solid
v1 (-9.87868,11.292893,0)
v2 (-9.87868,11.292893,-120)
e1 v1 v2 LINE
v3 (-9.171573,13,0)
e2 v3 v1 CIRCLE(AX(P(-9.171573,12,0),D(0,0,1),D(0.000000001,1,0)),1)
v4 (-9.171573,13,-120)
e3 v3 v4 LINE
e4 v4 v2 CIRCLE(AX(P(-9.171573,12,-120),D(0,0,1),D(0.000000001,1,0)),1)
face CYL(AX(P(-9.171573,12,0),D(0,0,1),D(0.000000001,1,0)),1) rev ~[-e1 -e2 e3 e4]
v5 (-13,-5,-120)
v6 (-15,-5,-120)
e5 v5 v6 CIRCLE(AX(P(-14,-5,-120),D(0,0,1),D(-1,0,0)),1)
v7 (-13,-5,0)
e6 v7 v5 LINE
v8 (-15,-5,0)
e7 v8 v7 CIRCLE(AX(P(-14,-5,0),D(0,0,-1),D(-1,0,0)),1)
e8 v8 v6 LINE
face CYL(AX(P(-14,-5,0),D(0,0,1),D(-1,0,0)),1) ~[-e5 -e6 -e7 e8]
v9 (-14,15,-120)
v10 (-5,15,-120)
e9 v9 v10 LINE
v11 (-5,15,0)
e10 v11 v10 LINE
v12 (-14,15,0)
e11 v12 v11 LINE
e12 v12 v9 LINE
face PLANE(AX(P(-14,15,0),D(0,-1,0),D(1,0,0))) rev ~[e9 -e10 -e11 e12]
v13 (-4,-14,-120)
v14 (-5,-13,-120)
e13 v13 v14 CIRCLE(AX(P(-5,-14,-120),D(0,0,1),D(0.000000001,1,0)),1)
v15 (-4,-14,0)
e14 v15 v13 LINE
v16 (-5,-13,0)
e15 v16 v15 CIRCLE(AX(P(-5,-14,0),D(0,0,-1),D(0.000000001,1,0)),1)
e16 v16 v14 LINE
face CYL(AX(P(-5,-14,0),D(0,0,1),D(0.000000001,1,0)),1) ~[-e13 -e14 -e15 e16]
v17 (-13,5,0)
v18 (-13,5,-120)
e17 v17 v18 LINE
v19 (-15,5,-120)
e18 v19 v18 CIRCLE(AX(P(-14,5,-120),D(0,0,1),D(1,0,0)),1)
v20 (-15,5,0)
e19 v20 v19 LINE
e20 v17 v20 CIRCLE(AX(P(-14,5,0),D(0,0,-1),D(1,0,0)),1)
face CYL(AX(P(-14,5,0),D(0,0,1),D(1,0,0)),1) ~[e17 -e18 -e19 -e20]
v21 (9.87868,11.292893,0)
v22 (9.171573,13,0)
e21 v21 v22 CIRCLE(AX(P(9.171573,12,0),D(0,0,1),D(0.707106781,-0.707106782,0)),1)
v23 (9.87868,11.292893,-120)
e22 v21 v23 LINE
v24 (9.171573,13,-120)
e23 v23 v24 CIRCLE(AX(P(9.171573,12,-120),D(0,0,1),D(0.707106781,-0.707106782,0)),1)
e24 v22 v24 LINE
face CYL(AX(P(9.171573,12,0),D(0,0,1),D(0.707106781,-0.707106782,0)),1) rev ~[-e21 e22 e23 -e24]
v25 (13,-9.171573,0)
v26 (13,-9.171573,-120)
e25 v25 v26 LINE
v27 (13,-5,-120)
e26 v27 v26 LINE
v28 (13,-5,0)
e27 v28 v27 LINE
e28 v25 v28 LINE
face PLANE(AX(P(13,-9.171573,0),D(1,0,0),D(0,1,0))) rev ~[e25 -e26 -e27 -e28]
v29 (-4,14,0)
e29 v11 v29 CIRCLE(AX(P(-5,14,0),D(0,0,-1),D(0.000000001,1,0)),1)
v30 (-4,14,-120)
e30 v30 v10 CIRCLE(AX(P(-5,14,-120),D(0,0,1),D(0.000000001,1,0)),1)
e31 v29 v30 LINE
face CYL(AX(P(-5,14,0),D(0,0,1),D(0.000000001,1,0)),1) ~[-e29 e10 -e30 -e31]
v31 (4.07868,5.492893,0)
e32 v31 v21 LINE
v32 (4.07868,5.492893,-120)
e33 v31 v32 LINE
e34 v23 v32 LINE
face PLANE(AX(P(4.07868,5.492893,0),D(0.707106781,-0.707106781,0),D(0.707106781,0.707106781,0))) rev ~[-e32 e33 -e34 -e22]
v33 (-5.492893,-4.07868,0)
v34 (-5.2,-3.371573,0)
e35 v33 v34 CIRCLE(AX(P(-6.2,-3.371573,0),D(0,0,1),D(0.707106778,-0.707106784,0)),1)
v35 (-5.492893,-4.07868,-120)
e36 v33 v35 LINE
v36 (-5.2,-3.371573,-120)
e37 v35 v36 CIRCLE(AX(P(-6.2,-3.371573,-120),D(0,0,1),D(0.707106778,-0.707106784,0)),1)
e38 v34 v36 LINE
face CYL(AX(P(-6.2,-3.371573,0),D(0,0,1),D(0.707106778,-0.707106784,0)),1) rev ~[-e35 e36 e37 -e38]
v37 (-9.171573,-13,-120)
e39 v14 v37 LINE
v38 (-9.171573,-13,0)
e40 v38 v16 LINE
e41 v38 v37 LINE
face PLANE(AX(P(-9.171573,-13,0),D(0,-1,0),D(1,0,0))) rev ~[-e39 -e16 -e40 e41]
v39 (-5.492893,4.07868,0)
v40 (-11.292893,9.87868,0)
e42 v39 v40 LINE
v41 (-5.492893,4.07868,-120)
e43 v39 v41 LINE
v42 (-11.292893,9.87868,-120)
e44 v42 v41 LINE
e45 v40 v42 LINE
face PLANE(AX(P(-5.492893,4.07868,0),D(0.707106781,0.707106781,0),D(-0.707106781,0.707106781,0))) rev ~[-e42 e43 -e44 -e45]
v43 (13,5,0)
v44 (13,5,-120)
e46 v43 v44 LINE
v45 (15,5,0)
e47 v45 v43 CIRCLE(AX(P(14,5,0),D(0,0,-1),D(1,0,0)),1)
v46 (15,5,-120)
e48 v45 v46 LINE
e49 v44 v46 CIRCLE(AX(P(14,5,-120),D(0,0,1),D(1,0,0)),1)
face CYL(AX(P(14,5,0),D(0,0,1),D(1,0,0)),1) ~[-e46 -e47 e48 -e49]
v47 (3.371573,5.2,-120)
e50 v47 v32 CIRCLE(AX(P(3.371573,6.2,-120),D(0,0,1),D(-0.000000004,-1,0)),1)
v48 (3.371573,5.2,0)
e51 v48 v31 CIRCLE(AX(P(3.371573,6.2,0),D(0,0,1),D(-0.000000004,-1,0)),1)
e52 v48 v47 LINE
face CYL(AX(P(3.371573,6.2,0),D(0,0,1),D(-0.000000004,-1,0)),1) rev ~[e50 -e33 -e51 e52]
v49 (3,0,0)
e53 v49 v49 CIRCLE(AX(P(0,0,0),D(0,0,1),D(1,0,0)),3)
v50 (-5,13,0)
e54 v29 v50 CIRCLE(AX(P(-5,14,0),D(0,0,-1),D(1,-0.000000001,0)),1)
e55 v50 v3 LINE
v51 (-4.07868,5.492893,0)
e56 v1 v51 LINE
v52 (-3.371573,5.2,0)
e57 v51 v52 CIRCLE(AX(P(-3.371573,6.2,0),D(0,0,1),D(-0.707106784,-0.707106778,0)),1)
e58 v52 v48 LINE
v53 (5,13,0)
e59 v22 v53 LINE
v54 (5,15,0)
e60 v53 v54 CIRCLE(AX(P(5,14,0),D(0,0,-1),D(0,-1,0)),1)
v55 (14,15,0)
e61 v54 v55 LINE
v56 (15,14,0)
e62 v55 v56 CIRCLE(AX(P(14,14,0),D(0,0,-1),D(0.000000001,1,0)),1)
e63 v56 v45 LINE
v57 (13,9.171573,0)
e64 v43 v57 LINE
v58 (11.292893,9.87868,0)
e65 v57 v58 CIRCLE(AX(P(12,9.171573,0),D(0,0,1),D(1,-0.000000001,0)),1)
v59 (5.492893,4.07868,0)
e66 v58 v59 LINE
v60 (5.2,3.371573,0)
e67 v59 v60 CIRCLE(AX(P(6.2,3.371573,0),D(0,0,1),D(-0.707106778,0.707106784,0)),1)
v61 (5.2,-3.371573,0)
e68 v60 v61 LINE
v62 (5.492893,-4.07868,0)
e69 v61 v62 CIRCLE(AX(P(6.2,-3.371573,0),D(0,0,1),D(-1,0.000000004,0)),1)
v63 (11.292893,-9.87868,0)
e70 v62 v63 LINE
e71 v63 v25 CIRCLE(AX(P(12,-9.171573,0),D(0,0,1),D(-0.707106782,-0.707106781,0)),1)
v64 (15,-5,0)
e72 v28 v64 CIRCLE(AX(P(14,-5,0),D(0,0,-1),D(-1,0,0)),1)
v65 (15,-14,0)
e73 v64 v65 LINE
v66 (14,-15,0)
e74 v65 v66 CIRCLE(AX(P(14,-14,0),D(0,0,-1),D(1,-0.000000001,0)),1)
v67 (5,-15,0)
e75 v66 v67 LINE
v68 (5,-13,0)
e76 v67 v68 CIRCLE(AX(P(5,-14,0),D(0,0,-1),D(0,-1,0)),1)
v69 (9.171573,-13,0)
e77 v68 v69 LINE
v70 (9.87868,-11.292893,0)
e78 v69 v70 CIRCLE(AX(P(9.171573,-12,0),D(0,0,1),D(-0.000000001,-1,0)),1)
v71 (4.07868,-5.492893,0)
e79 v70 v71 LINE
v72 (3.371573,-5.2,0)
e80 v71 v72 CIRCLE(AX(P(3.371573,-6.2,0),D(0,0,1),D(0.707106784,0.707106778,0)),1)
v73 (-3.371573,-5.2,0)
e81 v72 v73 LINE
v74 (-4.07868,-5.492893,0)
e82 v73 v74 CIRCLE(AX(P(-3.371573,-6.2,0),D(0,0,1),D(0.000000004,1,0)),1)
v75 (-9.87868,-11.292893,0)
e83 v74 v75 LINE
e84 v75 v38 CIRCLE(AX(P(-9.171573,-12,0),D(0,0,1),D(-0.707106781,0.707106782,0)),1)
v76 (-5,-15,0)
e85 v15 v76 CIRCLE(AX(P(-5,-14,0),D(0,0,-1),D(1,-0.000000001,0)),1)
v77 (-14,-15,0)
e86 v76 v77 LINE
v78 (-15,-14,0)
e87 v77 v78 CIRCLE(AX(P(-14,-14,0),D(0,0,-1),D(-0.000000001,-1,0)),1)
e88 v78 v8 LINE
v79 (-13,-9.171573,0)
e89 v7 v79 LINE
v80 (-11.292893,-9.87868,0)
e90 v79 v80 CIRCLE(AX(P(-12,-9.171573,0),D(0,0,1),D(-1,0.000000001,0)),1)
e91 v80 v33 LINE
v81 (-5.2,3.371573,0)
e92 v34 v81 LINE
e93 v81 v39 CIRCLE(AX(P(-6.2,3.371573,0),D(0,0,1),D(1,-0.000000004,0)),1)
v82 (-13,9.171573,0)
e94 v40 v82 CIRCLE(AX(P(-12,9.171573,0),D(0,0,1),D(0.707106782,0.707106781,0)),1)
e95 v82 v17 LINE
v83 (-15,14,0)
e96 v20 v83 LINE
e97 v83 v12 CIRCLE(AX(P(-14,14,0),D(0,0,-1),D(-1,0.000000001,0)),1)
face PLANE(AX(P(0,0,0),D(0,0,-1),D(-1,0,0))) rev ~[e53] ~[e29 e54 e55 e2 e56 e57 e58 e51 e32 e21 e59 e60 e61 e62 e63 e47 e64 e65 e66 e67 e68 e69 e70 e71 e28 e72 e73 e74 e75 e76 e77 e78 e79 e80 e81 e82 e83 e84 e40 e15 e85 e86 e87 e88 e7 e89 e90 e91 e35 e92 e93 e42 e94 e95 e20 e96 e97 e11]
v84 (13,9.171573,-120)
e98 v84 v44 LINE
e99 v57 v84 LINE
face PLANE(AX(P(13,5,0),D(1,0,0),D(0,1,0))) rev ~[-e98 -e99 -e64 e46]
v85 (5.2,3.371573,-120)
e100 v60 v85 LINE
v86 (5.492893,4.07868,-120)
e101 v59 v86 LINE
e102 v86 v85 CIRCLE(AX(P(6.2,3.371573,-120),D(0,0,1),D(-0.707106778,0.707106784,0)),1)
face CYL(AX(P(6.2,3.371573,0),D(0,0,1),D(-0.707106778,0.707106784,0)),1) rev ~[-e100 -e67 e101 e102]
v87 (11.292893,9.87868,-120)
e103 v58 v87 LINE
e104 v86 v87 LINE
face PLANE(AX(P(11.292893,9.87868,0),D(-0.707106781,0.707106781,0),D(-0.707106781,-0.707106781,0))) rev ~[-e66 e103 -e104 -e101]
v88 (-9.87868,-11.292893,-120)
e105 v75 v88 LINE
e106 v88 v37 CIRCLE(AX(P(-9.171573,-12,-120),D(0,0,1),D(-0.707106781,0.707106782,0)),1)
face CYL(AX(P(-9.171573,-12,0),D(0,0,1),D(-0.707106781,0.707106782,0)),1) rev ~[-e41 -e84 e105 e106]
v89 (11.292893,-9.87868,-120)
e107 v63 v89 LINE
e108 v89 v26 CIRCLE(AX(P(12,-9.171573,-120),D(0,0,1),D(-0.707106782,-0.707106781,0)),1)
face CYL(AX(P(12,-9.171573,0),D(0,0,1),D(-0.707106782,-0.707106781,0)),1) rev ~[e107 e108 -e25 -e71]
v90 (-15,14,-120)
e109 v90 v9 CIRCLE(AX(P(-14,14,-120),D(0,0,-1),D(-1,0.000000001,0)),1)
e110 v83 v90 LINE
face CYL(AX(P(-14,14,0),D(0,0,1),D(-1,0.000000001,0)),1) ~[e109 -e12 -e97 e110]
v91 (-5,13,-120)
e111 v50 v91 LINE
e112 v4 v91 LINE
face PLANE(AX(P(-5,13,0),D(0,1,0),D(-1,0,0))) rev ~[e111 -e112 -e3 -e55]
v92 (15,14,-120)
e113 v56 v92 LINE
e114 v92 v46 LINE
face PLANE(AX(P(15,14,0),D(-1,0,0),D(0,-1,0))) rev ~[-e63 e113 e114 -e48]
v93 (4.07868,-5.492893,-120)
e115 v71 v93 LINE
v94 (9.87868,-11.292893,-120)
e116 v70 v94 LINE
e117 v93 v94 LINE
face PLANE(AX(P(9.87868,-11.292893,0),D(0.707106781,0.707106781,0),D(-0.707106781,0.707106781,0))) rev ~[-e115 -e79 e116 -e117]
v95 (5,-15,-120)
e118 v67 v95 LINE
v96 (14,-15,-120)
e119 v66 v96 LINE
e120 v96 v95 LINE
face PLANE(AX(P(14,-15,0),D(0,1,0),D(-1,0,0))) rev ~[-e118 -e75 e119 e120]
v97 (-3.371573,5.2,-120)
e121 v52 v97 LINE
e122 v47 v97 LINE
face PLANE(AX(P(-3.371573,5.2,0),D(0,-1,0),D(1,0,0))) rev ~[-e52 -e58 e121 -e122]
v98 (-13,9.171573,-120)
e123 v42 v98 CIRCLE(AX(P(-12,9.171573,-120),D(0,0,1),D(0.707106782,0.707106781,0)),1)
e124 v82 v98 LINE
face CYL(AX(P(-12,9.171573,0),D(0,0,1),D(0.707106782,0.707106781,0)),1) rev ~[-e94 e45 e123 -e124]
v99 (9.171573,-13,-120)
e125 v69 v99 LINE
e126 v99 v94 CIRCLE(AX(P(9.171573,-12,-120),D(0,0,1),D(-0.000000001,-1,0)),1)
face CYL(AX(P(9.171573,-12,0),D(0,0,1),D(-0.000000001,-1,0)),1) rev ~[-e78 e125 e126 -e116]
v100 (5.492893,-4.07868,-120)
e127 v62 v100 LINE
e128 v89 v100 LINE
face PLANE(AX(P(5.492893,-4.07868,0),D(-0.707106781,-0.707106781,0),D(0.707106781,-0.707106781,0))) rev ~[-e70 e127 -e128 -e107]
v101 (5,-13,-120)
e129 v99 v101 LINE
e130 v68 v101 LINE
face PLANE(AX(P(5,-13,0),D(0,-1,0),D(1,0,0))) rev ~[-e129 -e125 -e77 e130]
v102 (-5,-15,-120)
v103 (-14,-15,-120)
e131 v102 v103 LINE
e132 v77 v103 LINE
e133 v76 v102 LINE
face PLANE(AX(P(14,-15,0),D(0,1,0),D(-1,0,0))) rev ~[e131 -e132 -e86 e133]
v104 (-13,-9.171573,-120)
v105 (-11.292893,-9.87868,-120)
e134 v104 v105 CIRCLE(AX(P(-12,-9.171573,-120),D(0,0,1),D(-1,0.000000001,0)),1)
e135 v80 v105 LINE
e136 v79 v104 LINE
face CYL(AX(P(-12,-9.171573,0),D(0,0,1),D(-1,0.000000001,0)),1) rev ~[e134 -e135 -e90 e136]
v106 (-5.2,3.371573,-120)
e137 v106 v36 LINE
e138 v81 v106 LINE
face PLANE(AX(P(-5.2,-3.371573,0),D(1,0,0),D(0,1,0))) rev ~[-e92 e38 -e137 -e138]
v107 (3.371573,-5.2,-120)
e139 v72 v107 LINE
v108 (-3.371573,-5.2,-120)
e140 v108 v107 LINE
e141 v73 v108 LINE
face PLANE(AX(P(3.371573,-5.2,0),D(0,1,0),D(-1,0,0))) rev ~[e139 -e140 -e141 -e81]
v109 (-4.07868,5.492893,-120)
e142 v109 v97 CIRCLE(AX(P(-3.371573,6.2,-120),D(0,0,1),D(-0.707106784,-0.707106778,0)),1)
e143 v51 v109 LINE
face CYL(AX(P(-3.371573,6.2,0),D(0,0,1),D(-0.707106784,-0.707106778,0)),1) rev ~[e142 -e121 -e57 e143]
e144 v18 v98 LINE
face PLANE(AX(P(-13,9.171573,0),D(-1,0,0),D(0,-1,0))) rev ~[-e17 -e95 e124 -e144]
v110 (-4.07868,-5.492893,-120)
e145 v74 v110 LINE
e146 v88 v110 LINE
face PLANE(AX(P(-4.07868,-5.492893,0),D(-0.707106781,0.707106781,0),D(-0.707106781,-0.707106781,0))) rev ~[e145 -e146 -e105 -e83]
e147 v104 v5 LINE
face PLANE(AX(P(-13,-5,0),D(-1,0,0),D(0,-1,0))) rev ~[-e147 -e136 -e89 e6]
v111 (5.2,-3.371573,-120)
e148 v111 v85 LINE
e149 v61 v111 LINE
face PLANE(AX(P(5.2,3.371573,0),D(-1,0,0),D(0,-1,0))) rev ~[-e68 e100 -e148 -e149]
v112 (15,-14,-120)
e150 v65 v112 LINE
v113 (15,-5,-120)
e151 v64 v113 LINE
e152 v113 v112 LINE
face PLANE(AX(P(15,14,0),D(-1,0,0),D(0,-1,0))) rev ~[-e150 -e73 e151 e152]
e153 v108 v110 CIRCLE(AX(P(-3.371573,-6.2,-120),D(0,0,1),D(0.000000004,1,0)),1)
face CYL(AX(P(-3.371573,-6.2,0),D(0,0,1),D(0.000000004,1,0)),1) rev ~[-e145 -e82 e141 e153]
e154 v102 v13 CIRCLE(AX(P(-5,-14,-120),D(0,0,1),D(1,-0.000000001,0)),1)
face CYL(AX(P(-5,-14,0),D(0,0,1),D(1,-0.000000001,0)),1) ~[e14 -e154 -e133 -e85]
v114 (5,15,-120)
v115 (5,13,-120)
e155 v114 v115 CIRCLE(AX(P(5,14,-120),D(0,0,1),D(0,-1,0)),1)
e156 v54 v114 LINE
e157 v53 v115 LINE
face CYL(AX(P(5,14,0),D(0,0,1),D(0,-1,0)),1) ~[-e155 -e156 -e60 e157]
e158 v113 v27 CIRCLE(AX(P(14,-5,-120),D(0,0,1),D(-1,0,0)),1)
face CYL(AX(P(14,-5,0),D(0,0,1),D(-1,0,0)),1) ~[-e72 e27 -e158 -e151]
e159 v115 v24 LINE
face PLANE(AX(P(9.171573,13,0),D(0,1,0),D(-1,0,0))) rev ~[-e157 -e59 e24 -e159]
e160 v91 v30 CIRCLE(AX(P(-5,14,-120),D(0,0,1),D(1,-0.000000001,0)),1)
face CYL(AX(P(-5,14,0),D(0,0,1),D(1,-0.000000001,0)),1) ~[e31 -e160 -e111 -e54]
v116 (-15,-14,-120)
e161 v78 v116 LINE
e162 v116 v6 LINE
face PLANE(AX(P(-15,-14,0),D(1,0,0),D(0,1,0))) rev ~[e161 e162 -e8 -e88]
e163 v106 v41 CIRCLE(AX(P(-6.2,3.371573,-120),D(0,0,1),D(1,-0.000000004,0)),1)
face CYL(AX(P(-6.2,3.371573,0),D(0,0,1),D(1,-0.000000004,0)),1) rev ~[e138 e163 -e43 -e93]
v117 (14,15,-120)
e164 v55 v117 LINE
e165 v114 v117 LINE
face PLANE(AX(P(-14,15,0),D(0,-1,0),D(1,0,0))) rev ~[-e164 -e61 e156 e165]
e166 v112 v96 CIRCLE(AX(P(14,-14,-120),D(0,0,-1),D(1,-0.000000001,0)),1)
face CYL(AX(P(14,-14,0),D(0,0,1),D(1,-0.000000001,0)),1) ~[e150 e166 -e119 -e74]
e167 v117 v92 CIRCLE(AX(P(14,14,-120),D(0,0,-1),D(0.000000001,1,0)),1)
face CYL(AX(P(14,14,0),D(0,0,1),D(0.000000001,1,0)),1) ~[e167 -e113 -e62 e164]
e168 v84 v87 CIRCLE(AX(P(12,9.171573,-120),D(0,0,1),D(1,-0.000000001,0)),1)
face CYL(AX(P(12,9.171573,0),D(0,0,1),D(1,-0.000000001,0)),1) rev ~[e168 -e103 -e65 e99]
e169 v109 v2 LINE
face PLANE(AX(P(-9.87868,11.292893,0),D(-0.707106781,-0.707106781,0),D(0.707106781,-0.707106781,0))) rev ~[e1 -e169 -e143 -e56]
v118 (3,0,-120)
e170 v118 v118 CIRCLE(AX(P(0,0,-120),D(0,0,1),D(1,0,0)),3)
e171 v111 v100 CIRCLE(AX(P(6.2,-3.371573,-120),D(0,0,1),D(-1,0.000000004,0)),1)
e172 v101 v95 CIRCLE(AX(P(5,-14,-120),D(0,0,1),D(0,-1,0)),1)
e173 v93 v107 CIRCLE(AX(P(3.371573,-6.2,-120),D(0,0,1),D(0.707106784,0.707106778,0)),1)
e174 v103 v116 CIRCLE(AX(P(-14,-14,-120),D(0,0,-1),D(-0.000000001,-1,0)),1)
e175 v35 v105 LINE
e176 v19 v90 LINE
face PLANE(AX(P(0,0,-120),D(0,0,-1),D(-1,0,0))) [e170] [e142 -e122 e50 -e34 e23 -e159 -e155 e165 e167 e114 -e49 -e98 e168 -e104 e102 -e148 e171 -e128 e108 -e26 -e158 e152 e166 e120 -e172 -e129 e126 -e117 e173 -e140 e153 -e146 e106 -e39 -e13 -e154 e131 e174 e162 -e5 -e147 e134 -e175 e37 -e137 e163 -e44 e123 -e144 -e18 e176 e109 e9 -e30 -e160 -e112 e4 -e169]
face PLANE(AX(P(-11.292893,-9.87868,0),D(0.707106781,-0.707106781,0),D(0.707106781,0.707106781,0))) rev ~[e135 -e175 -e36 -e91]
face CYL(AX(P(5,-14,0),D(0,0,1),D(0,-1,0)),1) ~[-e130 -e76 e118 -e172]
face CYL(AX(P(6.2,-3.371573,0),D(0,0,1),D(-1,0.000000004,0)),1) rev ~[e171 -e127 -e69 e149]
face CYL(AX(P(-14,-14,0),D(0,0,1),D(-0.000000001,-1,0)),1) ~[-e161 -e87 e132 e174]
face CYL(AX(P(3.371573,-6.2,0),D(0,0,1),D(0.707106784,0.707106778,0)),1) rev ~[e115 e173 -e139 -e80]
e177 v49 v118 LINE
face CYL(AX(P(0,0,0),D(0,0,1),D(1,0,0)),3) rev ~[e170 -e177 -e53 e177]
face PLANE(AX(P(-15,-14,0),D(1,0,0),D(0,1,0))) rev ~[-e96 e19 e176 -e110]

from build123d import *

# Parameters (mm, degrees)
SALIENTE_EXTRUIR1_DEPTH = 120
CROQUIS2_R              = 3
CORTAR_EXTRUIR1_DEPTH   = 122.86057607
CORTAR_EXTRUIR3_DEPTH   = 122.86057607


with BuildPart() as part:
    # Croquis1 → Saliente-Extruir1 (new body)
    with BuildSketch(Plane.XY):
        with BuildLine():
            Line((-14, 15), (14, 15))
            ThreePointArc((14, 15), (14.707106781, 14.707106781), (15, 14))
            Line((15, 14), (15, -14))
            ThreePointArc((15, -14), (14.707106781, -14.707106781), (14, -15))
            Line((14, -15), (-14, -15))
            ThreePointArc((-14, -15), (-14.707106781, -14.707106781), (-15, -14))
            Line((-15, -14), (-15, 14))
            ThreePointArc((-15, 14), (-14.707106781, 14.707106781), (-14, 15))
        make_face()
    extrude(amount=-SALIENTE_EXTRUIR1_DEPTH)

    # Croquis2 → Cortar-Extruir1 (cut, through all)
    with BuildSketch(Plane.XY):
        Circle(CROQUIS2_R)
    extrude(amount=-CORTAR_EXTRUIR1_DEPTH, mode=Mode.SUBTRACT)

    # Croquis3 → Cortar-Extruir3 (cut, through all)
    with BuildSketch(Plane.XY):
        with BuildLine():
            Line((-5.492893219, 4.078679656), (-11.292893219, 9.878679656))
            ThreePointArc((-11.292893219, 9.878679656), (-12.382683432, 10.095452408), (-13, 9.171572875))
            Line((-13, 9.171572875), (-13, 5))
            ThreePointArc((-13, 5), (-14, 4), (-15, 5))
            Line((-15, 5), (-15, -5))
            ThreePointArc((-15, -5), (-14, -4), (-13, -5))
            Line((-13, -5), (-13, -9.171572875))
            ThreePointArc((-13, -9.171572875), (-12.382683432, -10.095452408), (-11.292893219, -9.878679656))
            Line((-11.292893219, -9.878679656), (-5.492893219, -4.078679656))
            ThreePointArc((-5.492893219, -4.078679656), (-5.276120467, -3.754256308), (-5.2, -3.371572875))
            Line((-5.2, -3.371572875), (-5.2, 3.371572875))
            ThreePointArc((-5.2, 3.371572875), (-5.276120467, 3.754256308), (-5.492893219, 4.078679656))
        make_face()
        with BuildLine():
            ThreePointArc((-9.171572875, 13), (-10.095452408, 12.382683432), (-9.878679656, 11.292893219))
            Line((-9.878679656, 11.292893219), (-4.078679656, 5.492893219))
            ThreePointArc((-4.078679656, 5.492893219), (-3.754256308, 5.276120467), (-3.371572875, 5.2))
            Line((-3.371572875, 5.2), (3.371572875, 5.2))
            ThreePointArc((3.371572875, 5.2), (3.754256308, 5.276120467), (4.078679656, 5.492893219))
            Line((4.078679656, 5.492893219), (9.878679656, 11.292893219))
            ThreePointArc((9.878679656, 11.292893219), (10.095452408, 12.382683432), (9.171572875, 13))
            Line((9.171572875, 13), (5, 13))
            ThreePointArc((5, 13), (4, 14), (5, 15))
            Line((5, 15), (-5, 15))
            ThreePointArc((-5, 15), (-4.292893219, 14.707106781), (-4, 14))
            ThreePointArc((-4, 14), (-4.292893219, 13.292893219), (-5, 13))
            Line((-5, 13), (-9.171572875, 13))
        make_face()
        with BuildLine():
            Line((9.878679656, -11.292893219), (4.078679656, -5.492893219))
            ThreePointArc((4.078679656, -5.492893219), (3.754256308, -5.276120467), (3.371572875, -5.2))
            Line((3.371572875, -5.2), (-3.371572875, -5.2))
            ThreePointArc((-3.371572875, -5.2), (-3.754256308, -5.276120467), (-4.078679656, -5.492893219))
            Line((-4.078679656, -5.492893219), (-9.878679656, -11.292893219))
            ThreePointArc((-9.878679656, -11.292893219), (-10.095452408, -12.382683432), (-9.171572875, -13))
            Line((-9.171572875, -13), (-5, -13))
            ThreePointArc((-5, -13), (-4.292893219, -13.292893219), (-4, -14))
            ThreePointArc((-4, -14), (-4.292893219, -14.707106781), (-5, -15))
            Line((-5, -15), (5, -15))
            ThreePointArc((5, -15), (4, -14), (5, -13))
            Line((5, -13), (9.171572875, -13))
            ThreePointArc((9.171572875, -13), (10.095452408, -12.382683432), (9.878679656, -11.292893219))
        make_face()
        with BuildLine():
            ThreePointArc((13, 9.171572875), (12.382683432, 10.095452408), (11.292893219, 9.878679656))
            Line((11.292893219, 9.878679656), (5.492893219, 4.078679656))
            ThreePointArc((5.492893219, 4.078679656), (5.276120467, 3.754256308), (5.2, 3.371572875))
            Line((5.2, 3.371572875), (5.2, -3.371572875))
            ThreePointArc((5.2, -3.371572875), (5.276120467, -3.754256308), (5.492893219, -4.078679656))
            Line((5.492893219, -4.078679656), (11.292893219, -9.878679656))
            ThreePointArc((11.292893219, -9.878679656), (12.382683432, -10.095452408), (13, -9.171572875))
            Line((13, -9.171572875), (13, -5))
            ThreePointArc((13, -5), (14, -4), (15, -5))
            Line((15, -5), (15, 5))
            ThreePointArc((15, 5), (14, 4), (13, 5))
            Line((13, 5), (13, 9.171572875))
        make_face()
    extrude(amount=-CORTAR_EXTRUIR3_DEPTH, mode=Mode.SUBTRACT)


solid = part.part
